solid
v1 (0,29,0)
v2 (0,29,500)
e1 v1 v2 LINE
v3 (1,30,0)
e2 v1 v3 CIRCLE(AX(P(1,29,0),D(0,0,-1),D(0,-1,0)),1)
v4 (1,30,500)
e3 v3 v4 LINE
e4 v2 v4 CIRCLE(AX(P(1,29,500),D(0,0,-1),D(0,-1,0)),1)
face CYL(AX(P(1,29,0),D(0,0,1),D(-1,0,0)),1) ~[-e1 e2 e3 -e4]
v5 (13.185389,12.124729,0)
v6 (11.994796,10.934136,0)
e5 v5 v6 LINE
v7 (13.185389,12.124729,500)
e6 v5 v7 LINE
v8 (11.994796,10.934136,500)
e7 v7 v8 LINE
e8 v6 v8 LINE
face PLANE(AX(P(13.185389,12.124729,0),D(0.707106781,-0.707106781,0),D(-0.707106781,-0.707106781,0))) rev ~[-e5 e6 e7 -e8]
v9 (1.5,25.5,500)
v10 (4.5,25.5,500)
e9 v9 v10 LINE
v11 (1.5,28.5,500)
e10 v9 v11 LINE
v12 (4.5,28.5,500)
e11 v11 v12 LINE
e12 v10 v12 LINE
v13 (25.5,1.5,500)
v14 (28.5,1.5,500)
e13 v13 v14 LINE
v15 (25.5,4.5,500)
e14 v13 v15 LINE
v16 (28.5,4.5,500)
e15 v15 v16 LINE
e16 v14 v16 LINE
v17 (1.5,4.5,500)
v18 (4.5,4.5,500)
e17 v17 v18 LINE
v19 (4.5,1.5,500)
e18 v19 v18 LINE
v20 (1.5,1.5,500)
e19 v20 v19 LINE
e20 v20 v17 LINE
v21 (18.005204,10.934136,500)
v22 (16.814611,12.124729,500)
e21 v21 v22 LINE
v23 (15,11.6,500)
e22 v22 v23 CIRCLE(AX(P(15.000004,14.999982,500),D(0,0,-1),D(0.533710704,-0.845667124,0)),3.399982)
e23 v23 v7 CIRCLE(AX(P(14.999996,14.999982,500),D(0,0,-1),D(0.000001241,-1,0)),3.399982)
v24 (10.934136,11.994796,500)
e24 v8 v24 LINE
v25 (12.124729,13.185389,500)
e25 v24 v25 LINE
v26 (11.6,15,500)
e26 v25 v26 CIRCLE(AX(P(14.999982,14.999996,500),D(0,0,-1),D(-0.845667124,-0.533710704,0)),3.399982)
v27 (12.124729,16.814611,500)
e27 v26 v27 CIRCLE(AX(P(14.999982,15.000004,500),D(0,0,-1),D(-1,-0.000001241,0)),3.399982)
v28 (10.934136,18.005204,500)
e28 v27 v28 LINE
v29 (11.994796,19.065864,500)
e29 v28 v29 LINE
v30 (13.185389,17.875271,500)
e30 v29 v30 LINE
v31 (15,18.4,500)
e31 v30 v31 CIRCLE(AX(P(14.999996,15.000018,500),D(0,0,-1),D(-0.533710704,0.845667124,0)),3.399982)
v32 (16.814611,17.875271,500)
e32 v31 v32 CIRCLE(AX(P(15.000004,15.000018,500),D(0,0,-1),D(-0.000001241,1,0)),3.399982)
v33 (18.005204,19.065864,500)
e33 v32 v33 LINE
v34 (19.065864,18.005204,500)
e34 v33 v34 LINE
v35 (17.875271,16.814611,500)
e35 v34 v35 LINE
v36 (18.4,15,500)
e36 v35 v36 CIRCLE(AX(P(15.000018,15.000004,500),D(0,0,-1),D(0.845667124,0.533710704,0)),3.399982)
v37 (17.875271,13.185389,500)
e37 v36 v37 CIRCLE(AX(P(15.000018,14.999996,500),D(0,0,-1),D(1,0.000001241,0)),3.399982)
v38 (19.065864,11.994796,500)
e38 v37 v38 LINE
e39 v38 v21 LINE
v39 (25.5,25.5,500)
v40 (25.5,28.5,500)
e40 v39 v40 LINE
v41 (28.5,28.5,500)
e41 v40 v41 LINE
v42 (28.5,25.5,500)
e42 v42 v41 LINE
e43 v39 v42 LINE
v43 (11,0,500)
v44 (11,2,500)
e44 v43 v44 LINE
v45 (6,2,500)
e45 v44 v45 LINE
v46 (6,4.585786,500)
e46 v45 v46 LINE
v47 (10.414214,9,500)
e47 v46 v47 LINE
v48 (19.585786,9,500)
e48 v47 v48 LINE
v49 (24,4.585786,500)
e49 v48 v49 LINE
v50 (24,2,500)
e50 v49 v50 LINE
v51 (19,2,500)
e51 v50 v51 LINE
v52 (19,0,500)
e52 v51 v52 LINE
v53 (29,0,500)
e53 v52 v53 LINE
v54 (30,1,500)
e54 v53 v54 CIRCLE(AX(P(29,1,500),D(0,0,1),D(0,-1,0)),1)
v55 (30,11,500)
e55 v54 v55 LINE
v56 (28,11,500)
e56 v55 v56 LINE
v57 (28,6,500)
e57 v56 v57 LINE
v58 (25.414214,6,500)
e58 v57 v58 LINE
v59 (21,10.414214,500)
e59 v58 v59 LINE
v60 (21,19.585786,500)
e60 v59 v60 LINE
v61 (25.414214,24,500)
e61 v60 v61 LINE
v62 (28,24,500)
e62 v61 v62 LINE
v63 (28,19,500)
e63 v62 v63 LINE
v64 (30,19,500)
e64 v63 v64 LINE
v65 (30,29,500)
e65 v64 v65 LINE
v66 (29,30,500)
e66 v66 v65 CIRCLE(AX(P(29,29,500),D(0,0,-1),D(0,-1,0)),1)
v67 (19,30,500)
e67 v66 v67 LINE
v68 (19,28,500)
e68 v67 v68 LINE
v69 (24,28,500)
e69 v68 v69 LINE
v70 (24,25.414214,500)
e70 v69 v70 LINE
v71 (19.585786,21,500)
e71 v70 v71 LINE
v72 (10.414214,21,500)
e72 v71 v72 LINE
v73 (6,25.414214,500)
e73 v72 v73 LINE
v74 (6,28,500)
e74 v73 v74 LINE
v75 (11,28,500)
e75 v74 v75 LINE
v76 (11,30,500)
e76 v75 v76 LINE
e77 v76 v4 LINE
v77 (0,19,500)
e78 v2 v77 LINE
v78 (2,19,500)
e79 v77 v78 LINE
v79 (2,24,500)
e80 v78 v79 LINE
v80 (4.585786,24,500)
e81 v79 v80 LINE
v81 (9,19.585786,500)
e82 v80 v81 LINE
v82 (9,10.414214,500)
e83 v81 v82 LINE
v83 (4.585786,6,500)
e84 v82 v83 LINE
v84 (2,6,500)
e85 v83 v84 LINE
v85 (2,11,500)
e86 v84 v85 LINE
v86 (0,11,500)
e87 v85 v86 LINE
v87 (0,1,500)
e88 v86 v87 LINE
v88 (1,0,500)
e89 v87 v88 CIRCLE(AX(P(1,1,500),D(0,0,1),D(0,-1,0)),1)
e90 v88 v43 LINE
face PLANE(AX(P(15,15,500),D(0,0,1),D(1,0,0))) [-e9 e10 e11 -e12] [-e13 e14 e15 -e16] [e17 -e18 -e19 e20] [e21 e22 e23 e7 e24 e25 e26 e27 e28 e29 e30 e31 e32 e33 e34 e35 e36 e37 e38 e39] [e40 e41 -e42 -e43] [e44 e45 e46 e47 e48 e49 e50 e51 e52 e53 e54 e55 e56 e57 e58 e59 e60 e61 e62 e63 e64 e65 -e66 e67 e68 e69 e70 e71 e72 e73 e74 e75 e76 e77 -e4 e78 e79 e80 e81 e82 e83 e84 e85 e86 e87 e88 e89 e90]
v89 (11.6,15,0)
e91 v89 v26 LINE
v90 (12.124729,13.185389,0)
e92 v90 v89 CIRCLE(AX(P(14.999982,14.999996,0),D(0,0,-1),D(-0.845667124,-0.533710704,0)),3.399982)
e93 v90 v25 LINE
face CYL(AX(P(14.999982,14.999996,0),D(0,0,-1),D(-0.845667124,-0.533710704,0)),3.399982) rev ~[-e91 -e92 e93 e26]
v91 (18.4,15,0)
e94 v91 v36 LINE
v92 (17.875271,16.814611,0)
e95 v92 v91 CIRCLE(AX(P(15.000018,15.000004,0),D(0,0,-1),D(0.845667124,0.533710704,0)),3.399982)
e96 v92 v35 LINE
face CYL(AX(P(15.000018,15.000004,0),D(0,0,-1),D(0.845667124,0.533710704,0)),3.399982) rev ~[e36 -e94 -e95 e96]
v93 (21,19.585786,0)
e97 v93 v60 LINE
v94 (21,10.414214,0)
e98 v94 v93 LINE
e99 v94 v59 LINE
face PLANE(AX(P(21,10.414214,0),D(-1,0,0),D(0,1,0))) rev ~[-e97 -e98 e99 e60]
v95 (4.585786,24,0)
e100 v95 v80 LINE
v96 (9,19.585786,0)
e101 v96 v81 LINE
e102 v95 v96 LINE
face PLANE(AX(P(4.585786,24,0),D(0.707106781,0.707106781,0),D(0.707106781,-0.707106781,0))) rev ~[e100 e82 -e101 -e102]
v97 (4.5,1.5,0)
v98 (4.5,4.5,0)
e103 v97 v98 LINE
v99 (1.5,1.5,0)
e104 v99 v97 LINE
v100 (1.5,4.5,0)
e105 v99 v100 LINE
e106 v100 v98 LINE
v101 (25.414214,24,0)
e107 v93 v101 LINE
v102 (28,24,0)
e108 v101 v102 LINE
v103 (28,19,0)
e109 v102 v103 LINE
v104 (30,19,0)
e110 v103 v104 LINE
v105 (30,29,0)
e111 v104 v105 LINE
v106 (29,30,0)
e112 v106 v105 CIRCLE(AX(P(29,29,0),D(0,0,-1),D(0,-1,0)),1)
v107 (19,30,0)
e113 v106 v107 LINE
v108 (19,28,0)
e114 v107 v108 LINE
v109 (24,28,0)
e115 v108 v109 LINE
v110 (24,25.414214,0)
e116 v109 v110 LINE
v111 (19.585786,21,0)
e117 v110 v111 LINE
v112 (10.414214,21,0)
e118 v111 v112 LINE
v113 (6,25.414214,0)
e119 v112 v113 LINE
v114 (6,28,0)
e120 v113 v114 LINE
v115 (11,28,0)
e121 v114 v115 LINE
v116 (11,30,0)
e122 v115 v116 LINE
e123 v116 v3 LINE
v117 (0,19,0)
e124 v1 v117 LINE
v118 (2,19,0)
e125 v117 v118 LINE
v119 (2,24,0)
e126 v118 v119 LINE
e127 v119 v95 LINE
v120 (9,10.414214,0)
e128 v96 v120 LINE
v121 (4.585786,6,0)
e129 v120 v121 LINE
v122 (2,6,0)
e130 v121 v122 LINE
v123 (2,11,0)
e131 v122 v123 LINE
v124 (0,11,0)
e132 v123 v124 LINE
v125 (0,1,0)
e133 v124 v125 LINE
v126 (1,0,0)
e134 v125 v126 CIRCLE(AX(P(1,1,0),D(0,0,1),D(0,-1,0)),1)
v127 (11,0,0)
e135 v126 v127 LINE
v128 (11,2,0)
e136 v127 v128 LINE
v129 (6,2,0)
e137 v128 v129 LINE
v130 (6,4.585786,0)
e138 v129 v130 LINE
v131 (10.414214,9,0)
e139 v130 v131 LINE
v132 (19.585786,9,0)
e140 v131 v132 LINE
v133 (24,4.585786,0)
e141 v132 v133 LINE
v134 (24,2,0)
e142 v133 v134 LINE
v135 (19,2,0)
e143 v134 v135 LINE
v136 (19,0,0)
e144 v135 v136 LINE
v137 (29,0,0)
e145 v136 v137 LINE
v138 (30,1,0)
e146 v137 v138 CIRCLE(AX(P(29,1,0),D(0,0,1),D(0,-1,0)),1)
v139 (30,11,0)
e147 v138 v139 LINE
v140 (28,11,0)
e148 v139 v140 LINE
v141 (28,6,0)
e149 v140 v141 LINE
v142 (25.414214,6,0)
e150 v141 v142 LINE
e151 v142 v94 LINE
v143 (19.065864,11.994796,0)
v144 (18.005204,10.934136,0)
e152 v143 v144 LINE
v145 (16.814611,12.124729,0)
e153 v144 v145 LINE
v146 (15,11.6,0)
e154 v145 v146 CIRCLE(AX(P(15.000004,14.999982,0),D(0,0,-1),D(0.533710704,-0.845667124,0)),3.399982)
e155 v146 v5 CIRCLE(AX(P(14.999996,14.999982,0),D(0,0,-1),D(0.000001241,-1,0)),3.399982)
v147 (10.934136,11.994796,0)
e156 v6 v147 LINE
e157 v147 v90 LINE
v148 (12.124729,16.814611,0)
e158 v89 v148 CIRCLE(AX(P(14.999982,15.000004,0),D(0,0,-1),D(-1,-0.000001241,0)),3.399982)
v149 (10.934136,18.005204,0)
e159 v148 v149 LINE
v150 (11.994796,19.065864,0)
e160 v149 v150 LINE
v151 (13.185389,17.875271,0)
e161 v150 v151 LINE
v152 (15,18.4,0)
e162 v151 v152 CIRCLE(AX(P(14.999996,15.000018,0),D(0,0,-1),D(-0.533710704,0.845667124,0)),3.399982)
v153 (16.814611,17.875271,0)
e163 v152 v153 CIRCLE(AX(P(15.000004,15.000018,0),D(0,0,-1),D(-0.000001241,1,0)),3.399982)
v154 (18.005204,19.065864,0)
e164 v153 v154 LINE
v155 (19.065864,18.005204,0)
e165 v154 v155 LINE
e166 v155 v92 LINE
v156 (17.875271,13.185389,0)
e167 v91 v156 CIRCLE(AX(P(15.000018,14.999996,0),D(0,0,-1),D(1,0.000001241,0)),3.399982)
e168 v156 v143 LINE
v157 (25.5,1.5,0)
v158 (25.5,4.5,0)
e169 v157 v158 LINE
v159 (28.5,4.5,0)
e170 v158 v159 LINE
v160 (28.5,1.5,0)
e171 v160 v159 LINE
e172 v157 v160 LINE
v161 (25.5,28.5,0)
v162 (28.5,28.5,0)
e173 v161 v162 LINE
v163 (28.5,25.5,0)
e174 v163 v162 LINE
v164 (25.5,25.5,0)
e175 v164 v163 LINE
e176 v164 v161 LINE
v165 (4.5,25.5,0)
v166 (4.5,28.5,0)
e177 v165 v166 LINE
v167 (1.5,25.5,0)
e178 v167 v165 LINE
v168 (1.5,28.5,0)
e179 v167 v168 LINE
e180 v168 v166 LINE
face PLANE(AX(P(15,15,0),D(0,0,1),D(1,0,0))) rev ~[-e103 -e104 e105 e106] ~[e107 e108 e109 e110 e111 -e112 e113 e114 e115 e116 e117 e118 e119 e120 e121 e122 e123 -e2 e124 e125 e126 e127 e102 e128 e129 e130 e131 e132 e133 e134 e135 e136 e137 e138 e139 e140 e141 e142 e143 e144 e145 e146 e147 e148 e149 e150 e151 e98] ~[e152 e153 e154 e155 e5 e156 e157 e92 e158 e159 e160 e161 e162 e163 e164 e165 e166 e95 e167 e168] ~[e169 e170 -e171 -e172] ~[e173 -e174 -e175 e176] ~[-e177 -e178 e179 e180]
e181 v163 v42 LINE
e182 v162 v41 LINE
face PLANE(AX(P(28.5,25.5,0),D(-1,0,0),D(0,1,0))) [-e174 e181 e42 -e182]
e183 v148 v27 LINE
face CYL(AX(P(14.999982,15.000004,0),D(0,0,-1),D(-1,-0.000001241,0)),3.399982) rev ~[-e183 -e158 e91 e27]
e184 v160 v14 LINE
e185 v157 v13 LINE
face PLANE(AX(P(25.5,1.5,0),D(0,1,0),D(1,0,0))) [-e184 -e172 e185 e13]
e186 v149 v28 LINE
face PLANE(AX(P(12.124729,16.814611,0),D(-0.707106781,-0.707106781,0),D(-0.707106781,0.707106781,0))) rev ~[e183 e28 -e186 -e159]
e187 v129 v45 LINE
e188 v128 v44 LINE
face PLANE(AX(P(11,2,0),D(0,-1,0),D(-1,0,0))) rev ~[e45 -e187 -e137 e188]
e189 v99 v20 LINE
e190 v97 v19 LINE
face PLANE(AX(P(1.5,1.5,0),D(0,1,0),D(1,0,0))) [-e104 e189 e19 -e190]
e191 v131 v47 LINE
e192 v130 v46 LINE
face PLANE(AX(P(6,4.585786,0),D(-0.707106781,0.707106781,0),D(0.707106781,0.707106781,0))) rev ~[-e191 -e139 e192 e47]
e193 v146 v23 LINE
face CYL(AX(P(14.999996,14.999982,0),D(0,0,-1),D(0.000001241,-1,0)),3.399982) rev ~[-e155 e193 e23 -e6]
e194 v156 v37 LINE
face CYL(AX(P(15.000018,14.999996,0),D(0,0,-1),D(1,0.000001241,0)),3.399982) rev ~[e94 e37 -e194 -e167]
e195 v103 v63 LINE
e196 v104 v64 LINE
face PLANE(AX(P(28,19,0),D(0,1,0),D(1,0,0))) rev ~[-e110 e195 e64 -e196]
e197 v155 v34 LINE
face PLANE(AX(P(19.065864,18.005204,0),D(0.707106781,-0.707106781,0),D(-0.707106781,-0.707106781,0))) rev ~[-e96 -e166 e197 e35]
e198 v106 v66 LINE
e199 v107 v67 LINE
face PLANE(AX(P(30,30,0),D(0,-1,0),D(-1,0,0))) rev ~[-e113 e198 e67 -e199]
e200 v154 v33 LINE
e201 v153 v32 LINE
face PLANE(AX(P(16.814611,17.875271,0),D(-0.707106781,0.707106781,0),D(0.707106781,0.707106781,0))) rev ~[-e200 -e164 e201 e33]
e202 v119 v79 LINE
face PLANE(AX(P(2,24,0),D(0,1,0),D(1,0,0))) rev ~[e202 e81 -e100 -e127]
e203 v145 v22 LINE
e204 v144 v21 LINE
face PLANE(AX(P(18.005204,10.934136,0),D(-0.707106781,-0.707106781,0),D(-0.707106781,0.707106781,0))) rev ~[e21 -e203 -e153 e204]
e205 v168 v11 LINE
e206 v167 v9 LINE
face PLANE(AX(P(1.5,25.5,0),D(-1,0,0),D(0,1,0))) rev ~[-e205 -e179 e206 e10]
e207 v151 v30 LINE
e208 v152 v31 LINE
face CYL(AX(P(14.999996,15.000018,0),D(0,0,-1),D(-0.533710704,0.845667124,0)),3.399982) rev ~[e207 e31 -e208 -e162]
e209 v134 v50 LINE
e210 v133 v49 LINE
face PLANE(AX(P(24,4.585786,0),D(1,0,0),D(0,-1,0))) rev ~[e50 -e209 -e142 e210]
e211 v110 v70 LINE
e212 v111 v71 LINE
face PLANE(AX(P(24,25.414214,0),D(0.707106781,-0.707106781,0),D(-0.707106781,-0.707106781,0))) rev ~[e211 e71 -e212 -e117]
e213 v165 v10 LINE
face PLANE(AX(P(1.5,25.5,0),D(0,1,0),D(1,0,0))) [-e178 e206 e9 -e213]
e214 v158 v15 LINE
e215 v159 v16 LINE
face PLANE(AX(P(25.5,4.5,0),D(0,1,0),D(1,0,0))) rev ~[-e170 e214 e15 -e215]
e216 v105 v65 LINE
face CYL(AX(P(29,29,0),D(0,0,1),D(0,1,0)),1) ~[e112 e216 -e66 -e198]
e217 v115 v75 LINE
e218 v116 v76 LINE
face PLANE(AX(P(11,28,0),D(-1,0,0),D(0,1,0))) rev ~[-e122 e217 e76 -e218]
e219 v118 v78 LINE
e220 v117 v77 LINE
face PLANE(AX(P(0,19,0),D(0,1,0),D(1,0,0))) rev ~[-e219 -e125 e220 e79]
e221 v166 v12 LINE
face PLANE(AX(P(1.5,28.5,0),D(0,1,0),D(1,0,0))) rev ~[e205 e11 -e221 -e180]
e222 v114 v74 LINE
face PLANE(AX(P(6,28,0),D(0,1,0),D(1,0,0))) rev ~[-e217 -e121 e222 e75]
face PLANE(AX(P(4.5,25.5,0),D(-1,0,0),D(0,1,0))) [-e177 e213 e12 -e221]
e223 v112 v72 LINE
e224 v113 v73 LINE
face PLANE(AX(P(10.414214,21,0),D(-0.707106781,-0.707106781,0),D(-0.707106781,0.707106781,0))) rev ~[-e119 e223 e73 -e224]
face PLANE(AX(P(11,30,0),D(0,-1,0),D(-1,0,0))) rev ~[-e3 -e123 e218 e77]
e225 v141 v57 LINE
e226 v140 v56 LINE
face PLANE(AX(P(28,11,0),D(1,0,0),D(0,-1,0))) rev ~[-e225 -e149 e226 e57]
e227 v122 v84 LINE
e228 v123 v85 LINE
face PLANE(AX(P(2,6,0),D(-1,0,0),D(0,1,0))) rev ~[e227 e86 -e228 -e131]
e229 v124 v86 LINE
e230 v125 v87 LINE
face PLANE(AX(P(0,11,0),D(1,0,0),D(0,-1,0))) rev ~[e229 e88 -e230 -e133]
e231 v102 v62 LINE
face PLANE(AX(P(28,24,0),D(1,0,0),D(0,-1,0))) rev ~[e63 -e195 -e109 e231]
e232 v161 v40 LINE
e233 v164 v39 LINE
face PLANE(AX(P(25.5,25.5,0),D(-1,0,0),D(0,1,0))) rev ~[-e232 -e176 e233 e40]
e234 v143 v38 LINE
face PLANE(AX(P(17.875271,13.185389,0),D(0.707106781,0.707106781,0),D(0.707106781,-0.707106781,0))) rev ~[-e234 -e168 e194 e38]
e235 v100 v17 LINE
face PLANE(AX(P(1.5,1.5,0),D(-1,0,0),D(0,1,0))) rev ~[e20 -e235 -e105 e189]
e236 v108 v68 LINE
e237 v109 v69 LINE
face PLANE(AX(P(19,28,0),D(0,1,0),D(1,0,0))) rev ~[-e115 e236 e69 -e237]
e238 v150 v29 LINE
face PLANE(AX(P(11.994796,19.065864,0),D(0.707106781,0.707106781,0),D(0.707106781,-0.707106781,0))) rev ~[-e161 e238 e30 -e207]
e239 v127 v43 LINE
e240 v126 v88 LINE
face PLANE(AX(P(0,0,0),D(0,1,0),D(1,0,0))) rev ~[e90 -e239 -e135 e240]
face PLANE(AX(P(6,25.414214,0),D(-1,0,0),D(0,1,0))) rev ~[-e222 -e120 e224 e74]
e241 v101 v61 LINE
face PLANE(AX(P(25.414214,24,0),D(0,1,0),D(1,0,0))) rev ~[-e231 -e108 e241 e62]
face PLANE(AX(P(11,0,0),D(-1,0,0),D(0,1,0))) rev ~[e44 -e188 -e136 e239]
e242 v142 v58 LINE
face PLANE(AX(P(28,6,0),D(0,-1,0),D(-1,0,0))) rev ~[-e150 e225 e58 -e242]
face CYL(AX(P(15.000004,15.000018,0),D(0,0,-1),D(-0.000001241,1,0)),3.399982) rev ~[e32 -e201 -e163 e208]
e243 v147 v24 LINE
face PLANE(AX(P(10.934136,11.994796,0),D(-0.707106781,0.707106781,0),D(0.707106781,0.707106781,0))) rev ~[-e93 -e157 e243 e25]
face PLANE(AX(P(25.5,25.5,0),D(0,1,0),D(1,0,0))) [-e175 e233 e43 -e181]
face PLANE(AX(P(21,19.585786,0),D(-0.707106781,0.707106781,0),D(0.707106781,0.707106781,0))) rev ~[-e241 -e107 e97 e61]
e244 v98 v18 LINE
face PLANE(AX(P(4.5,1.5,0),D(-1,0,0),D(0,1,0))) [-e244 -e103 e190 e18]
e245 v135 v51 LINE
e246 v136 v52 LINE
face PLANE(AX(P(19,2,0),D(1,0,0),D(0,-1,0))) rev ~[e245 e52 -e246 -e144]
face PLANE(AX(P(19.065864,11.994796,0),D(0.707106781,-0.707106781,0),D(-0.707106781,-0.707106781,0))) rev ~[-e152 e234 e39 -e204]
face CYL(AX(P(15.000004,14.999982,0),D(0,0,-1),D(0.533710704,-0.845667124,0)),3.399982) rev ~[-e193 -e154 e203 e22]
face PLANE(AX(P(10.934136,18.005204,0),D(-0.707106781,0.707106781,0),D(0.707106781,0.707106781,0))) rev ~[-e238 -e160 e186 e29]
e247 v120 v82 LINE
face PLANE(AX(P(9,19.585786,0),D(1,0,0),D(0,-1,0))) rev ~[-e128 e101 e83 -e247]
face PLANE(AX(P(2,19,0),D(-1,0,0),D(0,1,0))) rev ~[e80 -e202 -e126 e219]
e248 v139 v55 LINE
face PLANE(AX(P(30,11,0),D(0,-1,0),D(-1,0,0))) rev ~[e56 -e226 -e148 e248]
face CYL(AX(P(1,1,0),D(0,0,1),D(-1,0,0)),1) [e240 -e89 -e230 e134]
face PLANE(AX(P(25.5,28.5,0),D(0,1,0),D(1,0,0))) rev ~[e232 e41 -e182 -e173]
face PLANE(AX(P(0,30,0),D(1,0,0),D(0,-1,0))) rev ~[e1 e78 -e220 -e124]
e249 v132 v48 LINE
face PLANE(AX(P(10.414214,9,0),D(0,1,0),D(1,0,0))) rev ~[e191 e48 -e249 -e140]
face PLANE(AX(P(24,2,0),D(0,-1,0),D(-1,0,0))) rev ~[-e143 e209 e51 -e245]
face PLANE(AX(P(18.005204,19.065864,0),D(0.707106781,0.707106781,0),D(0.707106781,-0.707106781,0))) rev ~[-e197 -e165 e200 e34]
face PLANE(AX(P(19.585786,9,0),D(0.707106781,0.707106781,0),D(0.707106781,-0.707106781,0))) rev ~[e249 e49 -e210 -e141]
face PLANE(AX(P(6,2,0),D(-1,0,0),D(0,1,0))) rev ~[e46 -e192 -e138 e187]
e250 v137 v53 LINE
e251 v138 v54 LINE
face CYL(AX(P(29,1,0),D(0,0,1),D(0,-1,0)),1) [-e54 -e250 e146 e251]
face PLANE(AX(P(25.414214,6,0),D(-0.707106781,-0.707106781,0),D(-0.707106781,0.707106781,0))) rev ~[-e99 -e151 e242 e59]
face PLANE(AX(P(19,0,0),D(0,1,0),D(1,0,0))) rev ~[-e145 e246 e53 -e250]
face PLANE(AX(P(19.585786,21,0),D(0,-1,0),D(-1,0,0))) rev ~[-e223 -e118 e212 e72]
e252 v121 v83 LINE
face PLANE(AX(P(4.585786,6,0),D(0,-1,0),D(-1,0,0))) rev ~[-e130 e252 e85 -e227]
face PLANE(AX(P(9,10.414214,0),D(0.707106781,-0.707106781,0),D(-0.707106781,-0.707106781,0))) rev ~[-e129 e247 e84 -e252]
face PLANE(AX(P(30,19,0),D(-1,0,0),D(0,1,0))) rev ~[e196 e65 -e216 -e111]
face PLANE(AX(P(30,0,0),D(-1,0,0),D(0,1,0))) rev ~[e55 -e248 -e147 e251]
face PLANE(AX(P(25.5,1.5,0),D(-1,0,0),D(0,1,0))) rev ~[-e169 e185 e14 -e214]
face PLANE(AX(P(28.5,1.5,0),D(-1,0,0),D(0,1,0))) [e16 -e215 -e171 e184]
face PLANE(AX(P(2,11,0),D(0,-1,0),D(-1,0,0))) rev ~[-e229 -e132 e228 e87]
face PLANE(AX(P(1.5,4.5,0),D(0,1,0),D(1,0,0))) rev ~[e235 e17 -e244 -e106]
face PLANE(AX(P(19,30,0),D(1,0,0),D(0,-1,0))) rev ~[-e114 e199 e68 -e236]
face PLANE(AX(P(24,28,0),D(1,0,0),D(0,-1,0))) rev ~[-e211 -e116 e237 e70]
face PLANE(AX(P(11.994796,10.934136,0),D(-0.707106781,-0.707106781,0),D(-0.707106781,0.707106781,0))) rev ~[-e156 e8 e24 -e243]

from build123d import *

# Parameters (mm, degrees)
F0_W     = 3
F0_H     = 3
F1_DEPTH = 500
F2_R     = 1


with BuildPart() as f1:
    # F0 (on Top) → F1 (new body)
    with BuildSketch(Plane.XY):
        Polygon((0, 11), (0, 0), (11, 0), (11, 2), (6, 2), (6, 4.585786), (10.414214, 9), (15, 9), (19.585786, 9), (24, 4.585786), (24, 2), (19, 2), (19, 0), (30, 0), (30, 11), (28, 11), (28, 6), (25.414214, 6), (21, 10.414214), (21, 15), (21, 19.585786), (25.414214, 24), (28, 24), (28, 19), (30, 19), (30, 30), (19, 30), (19, 28), (24, 28), (24, 25.414214), (19.585786, 21), (15, 21), (10.414214, 21), (6, 25.414214), (6, 28), (11, 28), (11, 30), (0, 30), (0, 19), (2, 19), (2, 24), (4.585786, 24), (9, 19.585786), (9, 15), (9, 10.414214), (4.585786, 6), (2, 6), (2, 11), align=None)
        with Locations((3, 3)):
            Rectangle(F0_W, F0_H, mode=Mode.SUBTRACT)
        with Locations((27, 3)):
            Rectangle(F0_W, F0_H, mode=Mode.SUBTRACT)
        with Locations((3, 27)):
            Rectangle(F0_W, F0_H, mode=Mode.SUBTRACT)
        with BuildLine():
            ThreePointArc((15, 11.6), (14.055522, 11.733815), (13.185389, 12.124729))
            Line((13.185389, 12.124729), (11.994796, 10.934136))
            Line((11.994796, 10.934136), (11.464466, 11.464466))
            Line((11.464466, 11.464466), (10.934136, 11.994796))
            Line((10.934136, 11.994796), (12.124729, 13.185389))
            ThreePointArc((12.124729, 13.185389), (11.733815, 14.055522), (11.6, 15))
            ThreePointArc((11.6, 15), (11.733815, 15.944478), (12.124729, 16.814611))
            Line((12.124729, 16.814611), (10.934136, 18.005204))
            Line((10.934136, 18.005204), (11.464466, 18.535534))
            Line((11.464466, 18.535534), (11.994796, 19.065864))
            Line((11.994796, 19.065864), (13.185389, 17.875271))
            ThreePointArc((13.185389, 17.875271), (14.055522, 18.266185), (15, 18.4))
            ThreePointArc((15, 18.4), (15.944478, 18.266185), (16.814611, 17.875271))
            Line((16.814611, 17.875271), (18.005204, 19.065864))
            Line((18.005204, 19.065864), (18.535534, 18.535534))
            Line((18.535534, 18.535534), (19.065864, 18.005204))
            Line((19.065864, 18.005204), (17.875271, 16.814611))
            ThreePointArc((17.875271, 16.814611), (18.266185, 15.944478), (18.4, 15))
            ThreePointArc((18.4, 15), (18.266185, 14.055522), (17.875271, 13.185389))
            Line((17.875271, 13.185389), (19.065864, 11.994796))
            Line((19.065864, 11.994796), (18.535534, 11.464466))
            Line((18.535534, 11.464466), (18.005204, 10.934136))
            Line((18.005204, 10.934136), (16.814611, 12.124729))
            ThreePointArc((16.814611, 12.124729), (15.944478, 11.733815), (15, 11.6))
        make_face(mode=Mode.SUBTRACT)
        with Locations((27, 27)):
            Rectangle(F0_W, F0_H, mode=Mode.SUBTRACT)
    extrude(amount=F1_DEPTH)

    # F2
    f2_edges = [f1.edges().sort_by_distance(p)[0] for p in [
        (0, 30, 250),
        (30, 30, 250),
        (30, 0, 250),
        (0, 0, 250),
    ]]
    fillet(f2_edges, radius=F2_R)


solid = f1.part
